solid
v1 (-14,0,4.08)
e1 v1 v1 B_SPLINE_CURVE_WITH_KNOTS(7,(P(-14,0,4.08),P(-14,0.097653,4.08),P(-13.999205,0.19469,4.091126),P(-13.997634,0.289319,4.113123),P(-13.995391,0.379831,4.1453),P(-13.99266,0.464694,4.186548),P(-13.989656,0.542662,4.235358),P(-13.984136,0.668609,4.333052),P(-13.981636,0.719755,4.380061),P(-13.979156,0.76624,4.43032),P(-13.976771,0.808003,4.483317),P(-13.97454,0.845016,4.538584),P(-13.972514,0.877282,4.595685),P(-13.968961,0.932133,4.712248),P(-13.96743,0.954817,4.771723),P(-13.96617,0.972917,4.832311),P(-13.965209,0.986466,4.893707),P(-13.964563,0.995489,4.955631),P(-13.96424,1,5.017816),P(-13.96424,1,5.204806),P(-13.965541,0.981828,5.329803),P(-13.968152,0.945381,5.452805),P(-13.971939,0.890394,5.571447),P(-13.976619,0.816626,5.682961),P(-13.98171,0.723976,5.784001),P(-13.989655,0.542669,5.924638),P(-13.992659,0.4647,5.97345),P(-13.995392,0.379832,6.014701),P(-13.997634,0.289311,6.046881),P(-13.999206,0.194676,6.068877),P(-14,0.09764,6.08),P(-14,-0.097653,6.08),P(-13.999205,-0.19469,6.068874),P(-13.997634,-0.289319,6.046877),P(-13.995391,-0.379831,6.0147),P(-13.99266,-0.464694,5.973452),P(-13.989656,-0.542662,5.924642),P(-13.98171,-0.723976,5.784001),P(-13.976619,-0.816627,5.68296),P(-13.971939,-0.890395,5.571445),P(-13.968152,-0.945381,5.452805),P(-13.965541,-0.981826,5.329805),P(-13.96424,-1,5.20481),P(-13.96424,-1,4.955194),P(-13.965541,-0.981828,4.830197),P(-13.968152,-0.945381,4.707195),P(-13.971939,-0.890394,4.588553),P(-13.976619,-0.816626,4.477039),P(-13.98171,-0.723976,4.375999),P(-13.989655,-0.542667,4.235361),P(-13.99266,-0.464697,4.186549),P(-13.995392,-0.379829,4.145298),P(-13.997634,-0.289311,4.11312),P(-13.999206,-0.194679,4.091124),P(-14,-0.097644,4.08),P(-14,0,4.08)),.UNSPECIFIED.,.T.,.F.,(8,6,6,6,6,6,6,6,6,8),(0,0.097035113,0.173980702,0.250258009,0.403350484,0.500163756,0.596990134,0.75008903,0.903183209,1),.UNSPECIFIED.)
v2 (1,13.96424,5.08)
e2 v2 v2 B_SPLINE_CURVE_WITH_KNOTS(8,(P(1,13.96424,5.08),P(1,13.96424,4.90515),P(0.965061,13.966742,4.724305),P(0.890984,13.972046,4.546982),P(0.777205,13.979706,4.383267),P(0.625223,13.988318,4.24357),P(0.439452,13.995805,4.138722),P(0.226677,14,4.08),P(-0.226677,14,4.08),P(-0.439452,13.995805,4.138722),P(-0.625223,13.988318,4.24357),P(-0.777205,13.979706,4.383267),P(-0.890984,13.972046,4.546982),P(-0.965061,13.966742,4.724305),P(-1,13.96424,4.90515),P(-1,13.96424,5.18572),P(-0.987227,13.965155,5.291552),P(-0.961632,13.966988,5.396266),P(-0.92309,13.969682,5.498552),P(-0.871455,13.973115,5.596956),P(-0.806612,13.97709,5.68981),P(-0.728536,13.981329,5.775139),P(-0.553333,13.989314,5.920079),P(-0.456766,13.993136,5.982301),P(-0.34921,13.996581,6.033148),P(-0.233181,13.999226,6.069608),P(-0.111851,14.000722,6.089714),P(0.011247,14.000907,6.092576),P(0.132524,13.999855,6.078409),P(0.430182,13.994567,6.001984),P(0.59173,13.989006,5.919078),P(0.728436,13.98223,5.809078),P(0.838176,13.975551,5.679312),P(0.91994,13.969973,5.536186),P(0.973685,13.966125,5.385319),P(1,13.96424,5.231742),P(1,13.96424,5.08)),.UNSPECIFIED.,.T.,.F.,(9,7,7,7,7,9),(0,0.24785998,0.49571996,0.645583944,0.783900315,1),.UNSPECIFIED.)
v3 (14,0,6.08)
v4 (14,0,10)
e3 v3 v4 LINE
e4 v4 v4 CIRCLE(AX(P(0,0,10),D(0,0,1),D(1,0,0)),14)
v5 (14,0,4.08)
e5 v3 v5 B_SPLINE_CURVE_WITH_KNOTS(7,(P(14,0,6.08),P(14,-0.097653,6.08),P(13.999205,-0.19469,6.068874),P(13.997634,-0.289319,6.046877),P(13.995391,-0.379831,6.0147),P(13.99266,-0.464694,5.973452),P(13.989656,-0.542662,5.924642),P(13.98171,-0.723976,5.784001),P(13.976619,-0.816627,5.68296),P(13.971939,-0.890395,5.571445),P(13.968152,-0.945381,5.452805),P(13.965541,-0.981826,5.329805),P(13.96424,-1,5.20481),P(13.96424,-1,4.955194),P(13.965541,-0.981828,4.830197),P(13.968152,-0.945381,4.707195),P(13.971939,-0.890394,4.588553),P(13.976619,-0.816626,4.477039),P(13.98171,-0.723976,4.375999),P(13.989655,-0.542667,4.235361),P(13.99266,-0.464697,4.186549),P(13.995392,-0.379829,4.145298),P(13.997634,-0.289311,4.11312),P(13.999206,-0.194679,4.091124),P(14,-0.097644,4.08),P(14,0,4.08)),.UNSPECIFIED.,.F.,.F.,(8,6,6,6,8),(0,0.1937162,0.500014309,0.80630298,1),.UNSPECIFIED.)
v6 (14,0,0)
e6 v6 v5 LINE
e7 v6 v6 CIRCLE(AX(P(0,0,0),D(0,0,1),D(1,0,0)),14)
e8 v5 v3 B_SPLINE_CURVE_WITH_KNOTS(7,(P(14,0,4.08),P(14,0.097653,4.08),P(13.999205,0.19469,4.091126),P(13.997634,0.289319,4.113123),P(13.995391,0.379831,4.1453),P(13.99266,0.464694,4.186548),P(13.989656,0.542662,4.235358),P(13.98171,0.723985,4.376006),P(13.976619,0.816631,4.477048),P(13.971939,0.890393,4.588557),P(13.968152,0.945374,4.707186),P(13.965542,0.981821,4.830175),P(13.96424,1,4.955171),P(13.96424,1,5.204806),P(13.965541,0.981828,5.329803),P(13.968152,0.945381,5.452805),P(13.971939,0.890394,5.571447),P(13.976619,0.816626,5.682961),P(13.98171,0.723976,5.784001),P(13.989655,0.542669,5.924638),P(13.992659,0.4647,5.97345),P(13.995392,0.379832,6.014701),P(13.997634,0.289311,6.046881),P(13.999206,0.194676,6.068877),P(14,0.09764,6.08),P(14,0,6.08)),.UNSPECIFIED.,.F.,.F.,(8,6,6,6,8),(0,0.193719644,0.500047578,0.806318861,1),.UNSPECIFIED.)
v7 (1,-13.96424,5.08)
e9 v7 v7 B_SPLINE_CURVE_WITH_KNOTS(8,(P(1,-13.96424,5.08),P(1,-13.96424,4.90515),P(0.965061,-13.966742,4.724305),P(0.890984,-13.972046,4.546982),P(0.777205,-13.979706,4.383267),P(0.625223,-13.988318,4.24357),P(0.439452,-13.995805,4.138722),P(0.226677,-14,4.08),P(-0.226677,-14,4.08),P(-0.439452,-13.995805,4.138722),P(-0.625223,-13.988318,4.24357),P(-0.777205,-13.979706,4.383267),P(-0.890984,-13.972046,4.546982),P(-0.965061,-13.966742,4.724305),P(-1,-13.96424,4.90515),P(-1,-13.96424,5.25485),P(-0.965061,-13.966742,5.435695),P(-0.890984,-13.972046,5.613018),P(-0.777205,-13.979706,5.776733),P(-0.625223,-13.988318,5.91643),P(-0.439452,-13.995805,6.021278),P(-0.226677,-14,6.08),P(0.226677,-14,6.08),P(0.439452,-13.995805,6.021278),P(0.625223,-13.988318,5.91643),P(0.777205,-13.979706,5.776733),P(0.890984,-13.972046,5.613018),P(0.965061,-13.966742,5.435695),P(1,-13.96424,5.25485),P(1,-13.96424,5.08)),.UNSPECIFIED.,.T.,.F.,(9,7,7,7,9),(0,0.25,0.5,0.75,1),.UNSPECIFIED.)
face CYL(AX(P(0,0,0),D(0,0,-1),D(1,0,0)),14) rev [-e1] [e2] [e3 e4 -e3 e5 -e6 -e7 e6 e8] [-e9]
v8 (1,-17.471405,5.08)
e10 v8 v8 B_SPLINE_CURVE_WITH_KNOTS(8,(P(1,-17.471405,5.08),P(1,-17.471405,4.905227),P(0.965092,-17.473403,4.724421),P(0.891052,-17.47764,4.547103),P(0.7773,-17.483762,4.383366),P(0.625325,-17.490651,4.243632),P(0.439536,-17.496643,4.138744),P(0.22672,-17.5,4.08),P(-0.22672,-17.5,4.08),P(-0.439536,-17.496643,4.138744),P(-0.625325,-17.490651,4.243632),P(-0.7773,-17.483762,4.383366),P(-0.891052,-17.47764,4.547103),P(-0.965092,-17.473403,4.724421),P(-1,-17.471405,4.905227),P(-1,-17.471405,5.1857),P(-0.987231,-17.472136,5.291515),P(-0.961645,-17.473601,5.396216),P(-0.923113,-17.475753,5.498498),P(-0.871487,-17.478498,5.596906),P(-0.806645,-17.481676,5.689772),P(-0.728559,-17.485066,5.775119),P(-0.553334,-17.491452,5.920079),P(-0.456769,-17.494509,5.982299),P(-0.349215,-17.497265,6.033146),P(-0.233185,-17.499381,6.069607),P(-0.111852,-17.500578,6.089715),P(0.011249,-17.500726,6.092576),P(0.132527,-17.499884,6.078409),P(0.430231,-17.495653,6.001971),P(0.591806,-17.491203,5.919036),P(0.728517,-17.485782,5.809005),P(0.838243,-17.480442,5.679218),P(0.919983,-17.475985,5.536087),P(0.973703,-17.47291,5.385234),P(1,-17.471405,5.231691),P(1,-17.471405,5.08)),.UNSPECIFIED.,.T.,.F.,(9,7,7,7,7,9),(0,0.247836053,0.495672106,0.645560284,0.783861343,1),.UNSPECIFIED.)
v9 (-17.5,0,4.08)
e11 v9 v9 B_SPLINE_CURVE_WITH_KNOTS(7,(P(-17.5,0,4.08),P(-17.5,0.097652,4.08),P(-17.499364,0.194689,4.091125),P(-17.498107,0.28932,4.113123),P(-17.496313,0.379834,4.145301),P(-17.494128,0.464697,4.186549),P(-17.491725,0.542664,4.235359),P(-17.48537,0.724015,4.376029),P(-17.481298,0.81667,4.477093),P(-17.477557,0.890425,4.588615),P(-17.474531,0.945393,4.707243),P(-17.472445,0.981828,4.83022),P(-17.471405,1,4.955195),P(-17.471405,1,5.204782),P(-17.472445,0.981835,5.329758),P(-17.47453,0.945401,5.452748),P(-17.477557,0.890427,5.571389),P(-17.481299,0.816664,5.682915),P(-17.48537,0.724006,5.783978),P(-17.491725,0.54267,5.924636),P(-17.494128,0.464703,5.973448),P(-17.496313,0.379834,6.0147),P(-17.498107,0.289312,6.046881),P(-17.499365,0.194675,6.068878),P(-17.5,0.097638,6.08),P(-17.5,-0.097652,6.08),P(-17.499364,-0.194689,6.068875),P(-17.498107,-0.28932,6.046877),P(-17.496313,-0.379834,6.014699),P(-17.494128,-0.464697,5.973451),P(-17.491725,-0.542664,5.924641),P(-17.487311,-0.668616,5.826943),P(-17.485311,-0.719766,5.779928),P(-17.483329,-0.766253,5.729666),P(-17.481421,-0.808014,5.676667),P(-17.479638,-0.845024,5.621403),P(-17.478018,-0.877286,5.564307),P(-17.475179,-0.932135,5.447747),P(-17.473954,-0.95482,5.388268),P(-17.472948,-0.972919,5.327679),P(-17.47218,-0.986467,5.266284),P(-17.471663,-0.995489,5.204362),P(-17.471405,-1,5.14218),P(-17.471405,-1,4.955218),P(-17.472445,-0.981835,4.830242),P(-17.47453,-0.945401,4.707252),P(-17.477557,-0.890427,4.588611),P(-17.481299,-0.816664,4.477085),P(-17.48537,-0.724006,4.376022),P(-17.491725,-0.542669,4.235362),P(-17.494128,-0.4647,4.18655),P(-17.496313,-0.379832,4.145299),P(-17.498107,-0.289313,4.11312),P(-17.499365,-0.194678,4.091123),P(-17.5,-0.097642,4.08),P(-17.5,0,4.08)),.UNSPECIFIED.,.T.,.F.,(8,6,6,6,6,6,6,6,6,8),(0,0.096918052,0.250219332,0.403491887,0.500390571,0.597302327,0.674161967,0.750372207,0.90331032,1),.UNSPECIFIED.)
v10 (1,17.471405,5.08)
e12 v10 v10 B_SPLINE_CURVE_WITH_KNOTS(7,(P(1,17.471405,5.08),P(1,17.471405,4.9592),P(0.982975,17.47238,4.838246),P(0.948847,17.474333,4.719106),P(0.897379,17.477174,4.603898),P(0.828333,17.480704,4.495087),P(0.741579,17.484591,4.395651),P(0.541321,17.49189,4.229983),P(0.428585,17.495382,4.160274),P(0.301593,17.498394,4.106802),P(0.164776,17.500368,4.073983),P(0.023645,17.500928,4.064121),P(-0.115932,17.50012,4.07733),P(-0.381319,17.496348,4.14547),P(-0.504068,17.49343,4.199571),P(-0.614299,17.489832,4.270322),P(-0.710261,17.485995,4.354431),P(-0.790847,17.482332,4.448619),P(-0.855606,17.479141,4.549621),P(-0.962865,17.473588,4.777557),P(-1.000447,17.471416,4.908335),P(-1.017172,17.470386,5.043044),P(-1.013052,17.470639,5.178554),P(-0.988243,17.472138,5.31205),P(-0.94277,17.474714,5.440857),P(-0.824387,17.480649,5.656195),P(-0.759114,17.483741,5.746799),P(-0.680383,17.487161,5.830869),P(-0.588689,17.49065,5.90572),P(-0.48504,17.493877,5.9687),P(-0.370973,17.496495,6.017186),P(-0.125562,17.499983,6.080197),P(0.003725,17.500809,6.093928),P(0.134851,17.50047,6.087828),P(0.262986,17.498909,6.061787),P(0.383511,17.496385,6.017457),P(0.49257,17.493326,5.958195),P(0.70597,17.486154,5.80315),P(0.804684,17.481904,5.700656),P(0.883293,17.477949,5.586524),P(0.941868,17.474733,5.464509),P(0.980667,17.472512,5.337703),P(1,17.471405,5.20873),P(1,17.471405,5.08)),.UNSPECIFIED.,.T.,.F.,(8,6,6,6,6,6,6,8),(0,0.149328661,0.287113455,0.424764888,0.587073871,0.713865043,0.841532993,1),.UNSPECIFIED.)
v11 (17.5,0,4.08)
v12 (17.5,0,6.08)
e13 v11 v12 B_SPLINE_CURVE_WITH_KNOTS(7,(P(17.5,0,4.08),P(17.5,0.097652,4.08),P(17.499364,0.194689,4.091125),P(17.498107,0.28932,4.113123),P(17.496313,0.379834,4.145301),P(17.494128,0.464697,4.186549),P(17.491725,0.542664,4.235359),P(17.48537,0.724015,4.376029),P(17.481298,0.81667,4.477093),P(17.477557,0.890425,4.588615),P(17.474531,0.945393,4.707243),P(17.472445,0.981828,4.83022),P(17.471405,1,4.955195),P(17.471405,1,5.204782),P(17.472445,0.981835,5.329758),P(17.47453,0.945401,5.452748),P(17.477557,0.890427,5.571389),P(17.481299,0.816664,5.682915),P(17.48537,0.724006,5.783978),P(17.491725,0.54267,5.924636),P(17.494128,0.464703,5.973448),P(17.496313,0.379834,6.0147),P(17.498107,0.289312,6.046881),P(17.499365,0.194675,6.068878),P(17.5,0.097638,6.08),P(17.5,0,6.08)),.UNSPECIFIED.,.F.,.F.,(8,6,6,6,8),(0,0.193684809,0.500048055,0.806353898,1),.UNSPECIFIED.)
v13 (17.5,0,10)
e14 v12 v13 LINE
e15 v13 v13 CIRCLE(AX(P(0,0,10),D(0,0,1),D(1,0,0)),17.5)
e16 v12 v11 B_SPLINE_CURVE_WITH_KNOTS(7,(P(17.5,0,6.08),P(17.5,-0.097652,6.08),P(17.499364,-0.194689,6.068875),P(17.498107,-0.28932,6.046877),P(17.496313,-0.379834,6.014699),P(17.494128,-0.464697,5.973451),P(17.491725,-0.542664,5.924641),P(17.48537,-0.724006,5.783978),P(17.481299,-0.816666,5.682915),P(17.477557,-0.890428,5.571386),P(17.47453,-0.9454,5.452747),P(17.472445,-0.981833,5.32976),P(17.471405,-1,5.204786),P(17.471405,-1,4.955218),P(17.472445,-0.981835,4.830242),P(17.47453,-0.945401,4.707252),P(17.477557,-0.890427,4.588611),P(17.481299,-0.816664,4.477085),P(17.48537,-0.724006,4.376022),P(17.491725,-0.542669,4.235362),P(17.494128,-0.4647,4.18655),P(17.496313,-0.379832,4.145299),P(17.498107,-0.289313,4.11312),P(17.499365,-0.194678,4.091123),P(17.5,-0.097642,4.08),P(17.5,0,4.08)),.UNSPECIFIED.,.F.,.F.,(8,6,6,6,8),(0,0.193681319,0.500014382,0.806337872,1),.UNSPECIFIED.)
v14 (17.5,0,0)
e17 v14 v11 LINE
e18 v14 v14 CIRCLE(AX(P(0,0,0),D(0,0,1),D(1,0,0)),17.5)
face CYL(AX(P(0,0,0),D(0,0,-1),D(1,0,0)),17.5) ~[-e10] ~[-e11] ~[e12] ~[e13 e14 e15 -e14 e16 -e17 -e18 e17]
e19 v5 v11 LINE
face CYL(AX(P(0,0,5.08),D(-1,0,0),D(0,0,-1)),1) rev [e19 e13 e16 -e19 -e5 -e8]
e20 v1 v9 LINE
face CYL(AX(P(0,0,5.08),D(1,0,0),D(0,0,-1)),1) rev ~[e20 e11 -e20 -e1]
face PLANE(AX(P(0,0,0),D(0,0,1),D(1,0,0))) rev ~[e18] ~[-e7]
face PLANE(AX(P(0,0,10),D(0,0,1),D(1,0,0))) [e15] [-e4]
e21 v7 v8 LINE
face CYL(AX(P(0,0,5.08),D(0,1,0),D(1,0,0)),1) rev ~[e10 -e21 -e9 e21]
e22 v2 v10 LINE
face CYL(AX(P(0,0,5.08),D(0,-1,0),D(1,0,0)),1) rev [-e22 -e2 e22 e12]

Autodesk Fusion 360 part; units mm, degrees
sketch "Sketch1" plane through (0, 0, 0) normal (0, 0, 1) x (1, 0, 0)
  circle A0 centre (0, 0) radius 14
  circle A1 centre (0, 0) radius 17.5
  dimension "d1" = 35
  dimension "d2" = 28
extrude "Extrude1" add sketch "Sketch1" along normal blind 10
sketch "Sketch2" plane through (0, 0, 0) normal (0, 1, 0) x (1, 0, 0)
  circle A0 centre (0, -5.08) radius 1
  dimension "d5" = 2
  dimension "d6" = 5.08
extrude "Extrude2" cut sketch "Sketch2" along normal through all and the other way through all
sketch "Sketch3" plane through (0, 0, 0) normal (1, 0, 0) x (0, 0, -1)
  circle A0 centre (-5.08, 0) radius 1
  dimension "d9" = 2
  dimension "d10" = 5.08
extrude "Extrude3" cut sketch "Sketch3" along normal through all and the other way through all
